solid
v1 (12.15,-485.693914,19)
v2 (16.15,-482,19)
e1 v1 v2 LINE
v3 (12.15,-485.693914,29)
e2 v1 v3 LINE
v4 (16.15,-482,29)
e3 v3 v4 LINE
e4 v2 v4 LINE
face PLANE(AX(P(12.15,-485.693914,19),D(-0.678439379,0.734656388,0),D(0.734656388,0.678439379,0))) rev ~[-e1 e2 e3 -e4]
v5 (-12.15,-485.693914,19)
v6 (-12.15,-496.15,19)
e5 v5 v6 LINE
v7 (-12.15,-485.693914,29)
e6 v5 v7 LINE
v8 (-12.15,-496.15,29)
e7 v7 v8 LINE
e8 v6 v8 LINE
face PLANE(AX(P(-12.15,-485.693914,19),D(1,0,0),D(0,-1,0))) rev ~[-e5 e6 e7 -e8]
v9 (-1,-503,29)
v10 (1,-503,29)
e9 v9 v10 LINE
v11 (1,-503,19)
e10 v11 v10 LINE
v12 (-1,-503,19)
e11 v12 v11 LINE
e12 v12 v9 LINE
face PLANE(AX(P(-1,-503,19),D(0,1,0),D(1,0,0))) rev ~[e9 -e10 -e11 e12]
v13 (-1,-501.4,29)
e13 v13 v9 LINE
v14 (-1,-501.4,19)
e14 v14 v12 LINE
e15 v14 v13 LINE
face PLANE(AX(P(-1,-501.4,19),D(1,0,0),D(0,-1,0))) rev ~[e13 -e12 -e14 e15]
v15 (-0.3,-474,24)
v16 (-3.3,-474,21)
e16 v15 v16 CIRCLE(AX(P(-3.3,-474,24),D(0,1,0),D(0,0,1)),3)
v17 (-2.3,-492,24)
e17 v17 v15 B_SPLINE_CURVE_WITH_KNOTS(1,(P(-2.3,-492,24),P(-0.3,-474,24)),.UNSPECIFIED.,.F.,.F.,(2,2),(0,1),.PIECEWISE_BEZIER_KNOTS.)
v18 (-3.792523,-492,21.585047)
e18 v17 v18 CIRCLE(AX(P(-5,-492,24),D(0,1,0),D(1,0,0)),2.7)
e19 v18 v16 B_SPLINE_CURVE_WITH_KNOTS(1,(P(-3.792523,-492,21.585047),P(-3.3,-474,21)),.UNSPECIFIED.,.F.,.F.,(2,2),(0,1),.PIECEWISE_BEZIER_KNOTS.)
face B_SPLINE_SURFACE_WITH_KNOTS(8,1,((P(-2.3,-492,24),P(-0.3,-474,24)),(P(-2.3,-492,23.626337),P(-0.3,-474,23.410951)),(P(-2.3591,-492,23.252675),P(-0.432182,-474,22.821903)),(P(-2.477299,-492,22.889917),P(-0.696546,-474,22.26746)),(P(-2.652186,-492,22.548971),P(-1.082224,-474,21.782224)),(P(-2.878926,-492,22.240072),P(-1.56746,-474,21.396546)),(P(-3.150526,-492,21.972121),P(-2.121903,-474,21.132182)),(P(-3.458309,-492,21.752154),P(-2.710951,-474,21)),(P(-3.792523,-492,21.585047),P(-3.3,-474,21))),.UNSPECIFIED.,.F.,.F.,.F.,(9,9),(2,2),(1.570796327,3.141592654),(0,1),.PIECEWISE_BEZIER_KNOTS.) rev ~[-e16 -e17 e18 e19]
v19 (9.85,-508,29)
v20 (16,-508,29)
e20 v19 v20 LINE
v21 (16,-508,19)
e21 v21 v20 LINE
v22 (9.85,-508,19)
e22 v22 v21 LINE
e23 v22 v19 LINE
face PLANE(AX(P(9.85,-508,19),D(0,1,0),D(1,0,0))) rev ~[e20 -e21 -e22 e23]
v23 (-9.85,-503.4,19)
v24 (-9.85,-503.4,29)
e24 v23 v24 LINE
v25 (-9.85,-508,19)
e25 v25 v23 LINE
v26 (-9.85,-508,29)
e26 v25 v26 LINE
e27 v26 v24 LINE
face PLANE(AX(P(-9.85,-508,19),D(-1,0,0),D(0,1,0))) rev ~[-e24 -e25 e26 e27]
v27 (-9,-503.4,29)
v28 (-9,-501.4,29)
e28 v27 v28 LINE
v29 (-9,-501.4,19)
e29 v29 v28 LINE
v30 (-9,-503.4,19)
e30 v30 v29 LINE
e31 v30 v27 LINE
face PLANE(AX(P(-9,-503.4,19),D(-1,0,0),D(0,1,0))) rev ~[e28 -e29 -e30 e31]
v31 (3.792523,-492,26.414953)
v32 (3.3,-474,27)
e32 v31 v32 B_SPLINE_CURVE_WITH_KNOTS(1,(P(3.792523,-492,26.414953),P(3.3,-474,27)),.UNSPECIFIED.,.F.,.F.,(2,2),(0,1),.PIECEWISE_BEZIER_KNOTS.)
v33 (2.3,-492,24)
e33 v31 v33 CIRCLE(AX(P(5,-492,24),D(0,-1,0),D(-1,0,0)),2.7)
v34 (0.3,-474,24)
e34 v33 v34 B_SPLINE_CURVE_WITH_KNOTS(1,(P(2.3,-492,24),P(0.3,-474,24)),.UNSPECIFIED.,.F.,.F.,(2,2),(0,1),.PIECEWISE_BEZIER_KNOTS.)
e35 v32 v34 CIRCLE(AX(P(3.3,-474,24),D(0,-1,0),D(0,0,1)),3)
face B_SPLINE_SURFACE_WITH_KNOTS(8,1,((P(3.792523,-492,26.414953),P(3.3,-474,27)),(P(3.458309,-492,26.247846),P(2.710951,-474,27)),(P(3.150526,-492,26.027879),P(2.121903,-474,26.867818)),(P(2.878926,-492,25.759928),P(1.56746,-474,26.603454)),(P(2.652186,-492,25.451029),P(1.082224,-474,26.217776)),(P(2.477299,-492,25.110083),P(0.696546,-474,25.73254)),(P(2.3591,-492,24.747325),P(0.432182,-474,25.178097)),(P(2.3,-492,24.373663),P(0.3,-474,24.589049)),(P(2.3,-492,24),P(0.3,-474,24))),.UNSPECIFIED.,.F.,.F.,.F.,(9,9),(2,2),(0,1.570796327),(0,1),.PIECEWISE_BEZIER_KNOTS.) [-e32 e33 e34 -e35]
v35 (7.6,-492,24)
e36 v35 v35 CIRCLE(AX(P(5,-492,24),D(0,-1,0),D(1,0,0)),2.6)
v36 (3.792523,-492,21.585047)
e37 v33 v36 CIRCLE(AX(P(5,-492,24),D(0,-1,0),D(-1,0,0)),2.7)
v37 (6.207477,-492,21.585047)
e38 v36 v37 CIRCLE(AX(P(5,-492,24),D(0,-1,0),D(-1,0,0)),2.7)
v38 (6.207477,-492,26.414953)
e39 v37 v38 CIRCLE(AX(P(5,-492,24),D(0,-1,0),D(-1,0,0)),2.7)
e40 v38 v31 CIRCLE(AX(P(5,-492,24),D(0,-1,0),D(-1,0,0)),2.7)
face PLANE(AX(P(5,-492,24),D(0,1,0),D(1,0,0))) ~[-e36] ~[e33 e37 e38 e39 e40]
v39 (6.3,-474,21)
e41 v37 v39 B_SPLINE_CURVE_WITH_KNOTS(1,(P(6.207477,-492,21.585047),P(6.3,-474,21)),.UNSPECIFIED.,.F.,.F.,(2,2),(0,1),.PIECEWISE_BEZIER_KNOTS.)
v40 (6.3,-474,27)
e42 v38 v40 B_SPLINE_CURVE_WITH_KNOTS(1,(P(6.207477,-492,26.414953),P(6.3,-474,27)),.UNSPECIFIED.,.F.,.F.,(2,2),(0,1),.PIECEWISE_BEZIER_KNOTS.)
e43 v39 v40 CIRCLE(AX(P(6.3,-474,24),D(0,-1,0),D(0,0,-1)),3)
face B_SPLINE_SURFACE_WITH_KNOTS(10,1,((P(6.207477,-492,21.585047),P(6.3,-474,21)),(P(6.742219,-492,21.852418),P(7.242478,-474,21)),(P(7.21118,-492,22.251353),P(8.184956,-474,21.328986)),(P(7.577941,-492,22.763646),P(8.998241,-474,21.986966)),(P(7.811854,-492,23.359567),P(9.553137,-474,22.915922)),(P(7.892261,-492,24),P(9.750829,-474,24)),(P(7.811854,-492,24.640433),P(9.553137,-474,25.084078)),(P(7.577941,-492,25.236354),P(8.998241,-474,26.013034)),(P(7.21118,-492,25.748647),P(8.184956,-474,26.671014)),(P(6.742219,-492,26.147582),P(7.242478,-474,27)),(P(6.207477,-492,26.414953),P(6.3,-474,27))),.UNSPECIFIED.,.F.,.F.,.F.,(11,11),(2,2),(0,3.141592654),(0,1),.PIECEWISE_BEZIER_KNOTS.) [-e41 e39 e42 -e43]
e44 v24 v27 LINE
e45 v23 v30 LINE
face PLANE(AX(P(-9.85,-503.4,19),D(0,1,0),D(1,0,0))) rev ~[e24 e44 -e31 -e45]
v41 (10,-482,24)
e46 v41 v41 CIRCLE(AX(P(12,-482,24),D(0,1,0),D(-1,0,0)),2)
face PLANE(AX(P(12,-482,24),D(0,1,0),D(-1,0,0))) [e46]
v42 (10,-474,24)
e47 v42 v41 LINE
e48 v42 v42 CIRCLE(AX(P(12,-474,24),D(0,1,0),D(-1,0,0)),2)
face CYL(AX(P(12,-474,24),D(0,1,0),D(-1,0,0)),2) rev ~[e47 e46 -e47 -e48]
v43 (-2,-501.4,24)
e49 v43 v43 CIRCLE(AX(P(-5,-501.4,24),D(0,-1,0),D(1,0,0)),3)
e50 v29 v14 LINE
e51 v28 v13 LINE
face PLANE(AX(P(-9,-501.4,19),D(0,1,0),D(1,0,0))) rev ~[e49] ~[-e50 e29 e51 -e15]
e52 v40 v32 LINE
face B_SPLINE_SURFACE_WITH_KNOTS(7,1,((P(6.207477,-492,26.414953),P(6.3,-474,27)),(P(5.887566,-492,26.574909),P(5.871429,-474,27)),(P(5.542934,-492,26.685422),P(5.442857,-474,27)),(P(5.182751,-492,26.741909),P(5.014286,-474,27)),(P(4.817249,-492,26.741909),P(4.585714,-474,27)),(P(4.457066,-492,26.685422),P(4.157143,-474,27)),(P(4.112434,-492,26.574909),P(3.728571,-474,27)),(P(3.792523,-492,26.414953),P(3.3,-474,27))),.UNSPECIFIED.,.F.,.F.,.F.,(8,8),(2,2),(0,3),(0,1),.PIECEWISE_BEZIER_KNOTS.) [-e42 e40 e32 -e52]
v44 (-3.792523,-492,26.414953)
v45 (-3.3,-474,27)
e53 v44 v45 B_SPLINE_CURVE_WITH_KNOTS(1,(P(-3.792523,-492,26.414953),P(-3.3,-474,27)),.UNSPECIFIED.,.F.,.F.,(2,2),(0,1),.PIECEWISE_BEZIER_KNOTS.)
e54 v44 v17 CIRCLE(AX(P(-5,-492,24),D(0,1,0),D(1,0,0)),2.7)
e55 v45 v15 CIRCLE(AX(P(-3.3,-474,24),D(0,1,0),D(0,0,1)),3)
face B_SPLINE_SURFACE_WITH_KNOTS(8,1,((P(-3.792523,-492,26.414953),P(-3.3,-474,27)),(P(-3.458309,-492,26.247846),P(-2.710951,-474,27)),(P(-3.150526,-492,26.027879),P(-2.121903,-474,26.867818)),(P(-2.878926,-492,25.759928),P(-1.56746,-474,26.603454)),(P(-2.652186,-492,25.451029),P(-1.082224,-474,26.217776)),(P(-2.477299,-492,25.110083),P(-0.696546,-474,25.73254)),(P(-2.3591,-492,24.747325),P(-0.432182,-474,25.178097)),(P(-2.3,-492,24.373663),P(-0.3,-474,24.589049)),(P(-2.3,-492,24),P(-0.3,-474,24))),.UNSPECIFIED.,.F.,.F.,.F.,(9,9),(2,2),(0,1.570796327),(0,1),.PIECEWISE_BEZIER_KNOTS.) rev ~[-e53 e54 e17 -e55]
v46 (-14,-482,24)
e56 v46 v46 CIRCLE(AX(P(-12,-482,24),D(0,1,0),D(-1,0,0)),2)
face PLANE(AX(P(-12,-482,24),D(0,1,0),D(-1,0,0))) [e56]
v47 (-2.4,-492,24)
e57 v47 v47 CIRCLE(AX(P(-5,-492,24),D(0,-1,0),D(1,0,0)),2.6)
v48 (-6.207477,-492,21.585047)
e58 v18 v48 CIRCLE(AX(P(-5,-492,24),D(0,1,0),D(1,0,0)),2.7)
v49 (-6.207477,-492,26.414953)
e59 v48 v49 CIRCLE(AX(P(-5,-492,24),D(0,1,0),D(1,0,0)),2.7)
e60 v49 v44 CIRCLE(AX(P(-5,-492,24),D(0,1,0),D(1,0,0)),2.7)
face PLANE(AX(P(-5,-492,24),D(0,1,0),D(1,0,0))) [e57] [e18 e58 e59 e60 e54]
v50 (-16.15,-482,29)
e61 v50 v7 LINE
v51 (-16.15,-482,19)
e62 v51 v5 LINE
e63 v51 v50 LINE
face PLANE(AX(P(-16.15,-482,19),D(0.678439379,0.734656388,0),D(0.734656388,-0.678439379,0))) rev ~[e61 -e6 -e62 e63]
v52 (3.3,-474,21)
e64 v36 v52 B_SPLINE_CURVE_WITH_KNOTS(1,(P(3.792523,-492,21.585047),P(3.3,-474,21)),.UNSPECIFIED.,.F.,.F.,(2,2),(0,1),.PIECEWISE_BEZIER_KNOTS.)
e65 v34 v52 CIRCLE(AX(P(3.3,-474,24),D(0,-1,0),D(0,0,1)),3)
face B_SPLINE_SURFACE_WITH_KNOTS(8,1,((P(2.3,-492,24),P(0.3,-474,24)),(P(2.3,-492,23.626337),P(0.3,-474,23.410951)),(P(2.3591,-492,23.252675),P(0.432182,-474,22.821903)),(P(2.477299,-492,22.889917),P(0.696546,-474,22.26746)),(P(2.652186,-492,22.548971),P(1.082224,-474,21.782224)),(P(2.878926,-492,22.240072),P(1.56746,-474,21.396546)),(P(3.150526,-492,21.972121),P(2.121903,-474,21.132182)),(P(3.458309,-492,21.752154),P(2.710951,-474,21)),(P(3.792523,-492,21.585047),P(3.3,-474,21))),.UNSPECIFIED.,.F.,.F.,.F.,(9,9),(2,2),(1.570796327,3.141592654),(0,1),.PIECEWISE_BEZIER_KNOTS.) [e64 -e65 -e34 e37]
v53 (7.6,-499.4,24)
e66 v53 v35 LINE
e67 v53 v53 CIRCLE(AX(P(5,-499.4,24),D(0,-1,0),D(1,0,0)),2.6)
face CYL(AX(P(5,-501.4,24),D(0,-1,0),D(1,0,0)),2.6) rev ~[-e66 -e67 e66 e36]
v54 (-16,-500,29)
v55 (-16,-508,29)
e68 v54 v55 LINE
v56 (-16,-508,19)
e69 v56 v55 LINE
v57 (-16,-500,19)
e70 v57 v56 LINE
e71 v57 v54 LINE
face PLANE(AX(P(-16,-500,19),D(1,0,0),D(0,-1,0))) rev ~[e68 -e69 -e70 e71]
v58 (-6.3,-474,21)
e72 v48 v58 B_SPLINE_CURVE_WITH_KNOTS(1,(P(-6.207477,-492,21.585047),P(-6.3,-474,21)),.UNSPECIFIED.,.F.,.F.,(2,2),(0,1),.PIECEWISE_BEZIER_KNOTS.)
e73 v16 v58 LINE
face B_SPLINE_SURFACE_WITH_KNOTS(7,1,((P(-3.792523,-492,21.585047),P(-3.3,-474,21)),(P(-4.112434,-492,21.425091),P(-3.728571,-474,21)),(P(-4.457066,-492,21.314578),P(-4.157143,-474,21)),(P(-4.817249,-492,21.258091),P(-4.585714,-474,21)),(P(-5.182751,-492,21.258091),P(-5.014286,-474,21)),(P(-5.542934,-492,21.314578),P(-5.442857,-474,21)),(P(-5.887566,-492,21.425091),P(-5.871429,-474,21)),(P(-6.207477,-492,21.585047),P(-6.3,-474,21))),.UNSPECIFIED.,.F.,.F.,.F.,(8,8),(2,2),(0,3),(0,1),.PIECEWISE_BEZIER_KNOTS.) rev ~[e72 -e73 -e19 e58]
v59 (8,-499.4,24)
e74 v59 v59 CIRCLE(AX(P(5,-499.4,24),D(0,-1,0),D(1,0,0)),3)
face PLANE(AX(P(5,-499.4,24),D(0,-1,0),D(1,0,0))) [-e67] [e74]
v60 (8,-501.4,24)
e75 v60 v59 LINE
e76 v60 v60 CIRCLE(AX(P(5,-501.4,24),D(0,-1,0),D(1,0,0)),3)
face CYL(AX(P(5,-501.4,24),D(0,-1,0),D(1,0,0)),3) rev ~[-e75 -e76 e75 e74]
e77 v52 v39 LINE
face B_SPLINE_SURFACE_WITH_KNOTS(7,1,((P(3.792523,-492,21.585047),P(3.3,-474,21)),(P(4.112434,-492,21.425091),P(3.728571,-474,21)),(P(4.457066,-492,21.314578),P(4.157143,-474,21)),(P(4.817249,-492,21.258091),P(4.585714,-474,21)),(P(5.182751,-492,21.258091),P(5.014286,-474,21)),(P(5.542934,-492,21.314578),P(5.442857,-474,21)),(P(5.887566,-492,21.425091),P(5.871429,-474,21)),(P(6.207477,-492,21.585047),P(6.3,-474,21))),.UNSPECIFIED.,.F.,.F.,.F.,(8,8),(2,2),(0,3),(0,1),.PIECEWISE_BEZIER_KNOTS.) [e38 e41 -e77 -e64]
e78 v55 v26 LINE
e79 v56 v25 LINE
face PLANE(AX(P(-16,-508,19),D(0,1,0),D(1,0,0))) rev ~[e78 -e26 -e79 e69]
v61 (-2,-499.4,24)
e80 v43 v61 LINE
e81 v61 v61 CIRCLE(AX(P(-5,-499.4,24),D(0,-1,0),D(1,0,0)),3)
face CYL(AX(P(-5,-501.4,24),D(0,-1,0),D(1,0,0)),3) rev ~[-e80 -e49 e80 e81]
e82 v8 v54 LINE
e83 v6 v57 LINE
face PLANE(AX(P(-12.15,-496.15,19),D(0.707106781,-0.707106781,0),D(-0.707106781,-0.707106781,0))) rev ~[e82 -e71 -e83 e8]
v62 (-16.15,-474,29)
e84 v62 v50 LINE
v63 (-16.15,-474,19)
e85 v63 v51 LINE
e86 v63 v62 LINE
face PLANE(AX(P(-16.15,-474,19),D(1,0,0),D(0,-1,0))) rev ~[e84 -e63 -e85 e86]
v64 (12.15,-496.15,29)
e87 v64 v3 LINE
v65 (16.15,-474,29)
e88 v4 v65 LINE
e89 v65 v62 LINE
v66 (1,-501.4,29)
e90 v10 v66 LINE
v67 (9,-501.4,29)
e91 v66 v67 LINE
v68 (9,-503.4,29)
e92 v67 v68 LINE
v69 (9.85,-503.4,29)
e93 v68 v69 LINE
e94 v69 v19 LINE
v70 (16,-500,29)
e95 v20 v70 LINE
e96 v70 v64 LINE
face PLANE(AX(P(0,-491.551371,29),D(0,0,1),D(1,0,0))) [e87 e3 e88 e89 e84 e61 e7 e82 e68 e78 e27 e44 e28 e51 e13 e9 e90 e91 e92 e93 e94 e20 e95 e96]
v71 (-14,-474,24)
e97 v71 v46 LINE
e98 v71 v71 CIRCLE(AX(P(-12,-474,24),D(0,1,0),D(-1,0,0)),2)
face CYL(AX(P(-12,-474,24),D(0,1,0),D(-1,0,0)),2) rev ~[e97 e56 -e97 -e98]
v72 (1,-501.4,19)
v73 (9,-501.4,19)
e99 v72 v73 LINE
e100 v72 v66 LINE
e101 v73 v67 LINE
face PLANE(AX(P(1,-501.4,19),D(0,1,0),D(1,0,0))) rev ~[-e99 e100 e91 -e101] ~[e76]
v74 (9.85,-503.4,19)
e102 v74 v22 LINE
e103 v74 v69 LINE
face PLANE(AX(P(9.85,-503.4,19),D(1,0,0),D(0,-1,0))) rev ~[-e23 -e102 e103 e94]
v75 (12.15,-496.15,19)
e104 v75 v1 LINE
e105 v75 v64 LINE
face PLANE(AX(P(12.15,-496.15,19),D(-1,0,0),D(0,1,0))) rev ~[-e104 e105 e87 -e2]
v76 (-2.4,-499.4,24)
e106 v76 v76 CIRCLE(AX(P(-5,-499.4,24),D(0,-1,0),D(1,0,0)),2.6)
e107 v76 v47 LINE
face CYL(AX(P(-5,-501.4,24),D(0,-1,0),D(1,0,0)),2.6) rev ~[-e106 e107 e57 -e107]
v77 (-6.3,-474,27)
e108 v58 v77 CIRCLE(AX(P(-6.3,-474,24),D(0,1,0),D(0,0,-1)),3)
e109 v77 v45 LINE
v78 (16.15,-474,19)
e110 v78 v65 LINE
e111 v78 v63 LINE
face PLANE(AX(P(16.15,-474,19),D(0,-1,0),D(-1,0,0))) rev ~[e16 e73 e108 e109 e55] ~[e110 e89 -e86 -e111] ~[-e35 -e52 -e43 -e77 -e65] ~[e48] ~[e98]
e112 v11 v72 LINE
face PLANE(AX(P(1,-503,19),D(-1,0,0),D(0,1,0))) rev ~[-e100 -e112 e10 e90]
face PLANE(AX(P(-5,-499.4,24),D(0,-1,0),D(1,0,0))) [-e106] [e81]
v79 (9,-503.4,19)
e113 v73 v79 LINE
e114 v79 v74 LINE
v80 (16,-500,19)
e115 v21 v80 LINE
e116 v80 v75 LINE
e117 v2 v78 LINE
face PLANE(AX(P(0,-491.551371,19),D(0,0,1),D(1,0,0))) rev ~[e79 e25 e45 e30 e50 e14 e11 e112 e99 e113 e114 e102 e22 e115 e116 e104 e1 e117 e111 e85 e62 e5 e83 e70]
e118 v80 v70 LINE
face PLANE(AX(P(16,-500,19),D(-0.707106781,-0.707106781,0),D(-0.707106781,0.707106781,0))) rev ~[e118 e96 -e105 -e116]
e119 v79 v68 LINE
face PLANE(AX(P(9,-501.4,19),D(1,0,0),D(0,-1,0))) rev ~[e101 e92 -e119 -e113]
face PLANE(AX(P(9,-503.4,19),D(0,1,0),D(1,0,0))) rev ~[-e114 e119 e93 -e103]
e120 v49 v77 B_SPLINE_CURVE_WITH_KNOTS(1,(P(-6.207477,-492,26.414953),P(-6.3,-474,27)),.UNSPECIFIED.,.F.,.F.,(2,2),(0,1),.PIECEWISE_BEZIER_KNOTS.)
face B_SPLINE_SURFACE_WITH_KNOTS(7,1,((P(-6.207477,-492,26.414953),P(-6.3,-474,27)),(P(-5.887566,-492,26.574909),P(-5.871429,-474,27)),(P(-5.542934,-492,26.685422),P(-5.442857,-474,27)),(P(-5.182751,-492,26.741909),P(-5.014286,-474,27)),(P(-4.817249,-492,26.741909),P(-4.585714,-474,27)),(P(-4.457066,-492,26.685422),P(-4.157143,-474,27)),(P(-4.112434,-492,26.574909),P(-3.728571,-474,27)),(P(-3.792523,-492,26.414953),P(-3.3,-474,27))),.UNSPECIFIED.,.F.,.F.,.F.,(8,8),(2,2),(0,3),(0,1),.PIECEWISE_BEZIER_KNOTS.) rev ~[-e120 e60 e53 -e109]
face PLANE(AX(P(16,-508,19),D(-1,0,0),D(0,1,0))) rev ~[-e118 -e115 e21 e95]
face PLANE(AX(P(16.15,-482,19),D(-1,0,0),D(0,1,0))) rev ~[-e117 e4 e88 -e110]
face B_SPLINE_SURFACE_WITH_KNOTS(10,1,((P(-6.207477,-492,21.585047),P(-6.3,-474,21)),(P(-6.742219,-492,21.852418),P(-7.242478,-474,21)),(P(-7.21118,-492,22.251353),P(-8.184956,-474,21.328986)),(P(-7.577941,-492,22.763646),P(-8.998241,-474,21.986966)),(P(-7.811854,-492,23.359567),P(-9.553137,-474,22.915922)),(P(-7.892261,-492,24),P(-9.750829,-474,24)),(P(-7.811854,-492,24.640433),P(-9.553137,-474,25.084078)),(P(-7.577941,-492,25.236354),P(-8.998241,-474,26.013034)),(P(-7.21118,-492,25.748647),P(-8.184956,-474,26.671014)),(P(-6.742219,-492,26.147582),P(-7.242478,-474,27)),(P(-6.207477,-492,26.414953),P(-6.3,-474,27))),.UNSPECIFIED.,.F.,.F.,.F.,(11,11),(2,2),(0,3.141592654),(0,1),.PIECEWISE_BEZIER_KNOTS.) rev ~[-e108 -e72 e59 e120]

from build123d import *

# Parameters (mm, degrees)
SKETCH072_R            = 2.7
PAD031_DEPTH           = 10
SKETCH069_R            = 2.6
POCKET028_DEPTH        = 10
SKETCH070_R            = 3
POCKET029_DEPTH        = 2
SKETCH073_R            = 2
POCKET030_DEPTH        = 8
CUT003_PLACEMENT_ANGLE = 90


with BuildPart() as loft004:
    # Sketch072 → Loft004 section 0
    with BuildSketch(Plane.XY.offset(20)):
        with Locations((-5, 0)):
            Circle(SKETCH072_R)
    # Sketch071 → Loft004 section 1
    with BuildSketch(Plane.XY.offset(38)):
        with BuildLine():
            ThreePointArc((-6.3, 3), (-9.3, 0), (-6.3, -3))
            Line((-6.3, -3), (-3.3, -3))
            ThreePointArc((-3.3, -3), (-0.3, 0), (-3.3, 3))
            Line((-3.3, 3), (-6.3, 3))
        make_face()
    loft()


with BuildPart() as part_mirroring004:
    # Part__Mirroring004: instance of Loft004
    add(loft004.part.mirror(Plane(origin=(0, 0, 0), x_dir=(0, -1, 0), z_dir=(1, 0, 0))))


with BuildPart() as fusion004:
    # Fusion004 base: copy of Loft004
    add(loft004.part)

    # Fusion004: union Part__Mirroring004
    add(part_mirroring004.part)


with BuildPart() as cut003:
    # Sketch068 → Pad031 (new body)
    with BuildSketch(Plane.XZ):
        Polygon((-16, 4), (-9.85, 4), (-9.85, 7), (-9.85, 8.6), (-9, 8.6), (-9, 10.6), (-1, 10.6), (-1, 9), (1, 9), (1, 10.6), (9, 10.6), (9, 8.6), (9.85, 8.6), (9.85, 7), (9.85, 4), (16, 4), (16, 12), (12.15, 15.85), (12.15, 26.306086), (16.15, 30), (16.15, 38), (-16.15, 38), (-16.15, 30), (-12.15, 26.306086), (-12.15, 15.85), (-16, 12), align=None)
    extrude(amount=PAD031_DEPTH)

    # Sketch069 (on Face7 of Pad031) → Pocket028 (cut)
    with BuildSketch(Plane(origin=(0, 0, 10.6), x_dir=(1, 0, 0), z_dir=(0, 0, -1))):
        with Locations((-5, 5)):
            Circle(SKETCH069_R)
        with Locations((5, 5)):
            Circle(SKETCH069_R)
    extrude(amount=-POCKET028_DEPTH, mode=Mode.SUBTRACT)

    # Sketch070 (on Face11 of Pocket028) → Pocket029 (cut)
    with BuildSketch(Plane(origin=(0, 0, 10.6), x_dir=(1, 0, 0), z_dir=(0, 0, -1))):
        with Locations((-5, 5)):
            Circle(SKETCH070_R)
        with Locations((5, 5)):
            Circle(SKETCH070_R)
    extrude(amount=-POCKET029_DEPTH, mode=Mode.SUBTRACT)

    # Sketch073 (on Face26 of Pocket029) → Pocket030 (cut)
    with BuildSketch(Plane(origin=(0, 0, 38), x_dir=(-1, 0, 0), z_dir=(0, 0, 1))):
        with Locations((-12, 5)):
            Circle(SKETCH073_R)
        with Locations((12, 5)):
            Circle(SKETCH073_R)
    extrude(amount=-POCKET030_DEPTH, mode=Mode.SUBTRACT)


with BuildPart() as cut003_1:
    # Body025 placement: moved
    add(cut003.part.moved(Location((0, 5, 0))))

    # Cut003: cut Fusion004
    add(fusion004.part, mode=Mode.SUBTRACT)


with BuildPart() as cut003_2:
    # Cut003 placement: moved
    add(cut003_1.part.moved(Location((0, -512, 24))).rotate(Axis((0, -512, 24), (-1, 0, 0)), CUT003_PLACEMENT_ANGLE))


solid = cut003_2.part
